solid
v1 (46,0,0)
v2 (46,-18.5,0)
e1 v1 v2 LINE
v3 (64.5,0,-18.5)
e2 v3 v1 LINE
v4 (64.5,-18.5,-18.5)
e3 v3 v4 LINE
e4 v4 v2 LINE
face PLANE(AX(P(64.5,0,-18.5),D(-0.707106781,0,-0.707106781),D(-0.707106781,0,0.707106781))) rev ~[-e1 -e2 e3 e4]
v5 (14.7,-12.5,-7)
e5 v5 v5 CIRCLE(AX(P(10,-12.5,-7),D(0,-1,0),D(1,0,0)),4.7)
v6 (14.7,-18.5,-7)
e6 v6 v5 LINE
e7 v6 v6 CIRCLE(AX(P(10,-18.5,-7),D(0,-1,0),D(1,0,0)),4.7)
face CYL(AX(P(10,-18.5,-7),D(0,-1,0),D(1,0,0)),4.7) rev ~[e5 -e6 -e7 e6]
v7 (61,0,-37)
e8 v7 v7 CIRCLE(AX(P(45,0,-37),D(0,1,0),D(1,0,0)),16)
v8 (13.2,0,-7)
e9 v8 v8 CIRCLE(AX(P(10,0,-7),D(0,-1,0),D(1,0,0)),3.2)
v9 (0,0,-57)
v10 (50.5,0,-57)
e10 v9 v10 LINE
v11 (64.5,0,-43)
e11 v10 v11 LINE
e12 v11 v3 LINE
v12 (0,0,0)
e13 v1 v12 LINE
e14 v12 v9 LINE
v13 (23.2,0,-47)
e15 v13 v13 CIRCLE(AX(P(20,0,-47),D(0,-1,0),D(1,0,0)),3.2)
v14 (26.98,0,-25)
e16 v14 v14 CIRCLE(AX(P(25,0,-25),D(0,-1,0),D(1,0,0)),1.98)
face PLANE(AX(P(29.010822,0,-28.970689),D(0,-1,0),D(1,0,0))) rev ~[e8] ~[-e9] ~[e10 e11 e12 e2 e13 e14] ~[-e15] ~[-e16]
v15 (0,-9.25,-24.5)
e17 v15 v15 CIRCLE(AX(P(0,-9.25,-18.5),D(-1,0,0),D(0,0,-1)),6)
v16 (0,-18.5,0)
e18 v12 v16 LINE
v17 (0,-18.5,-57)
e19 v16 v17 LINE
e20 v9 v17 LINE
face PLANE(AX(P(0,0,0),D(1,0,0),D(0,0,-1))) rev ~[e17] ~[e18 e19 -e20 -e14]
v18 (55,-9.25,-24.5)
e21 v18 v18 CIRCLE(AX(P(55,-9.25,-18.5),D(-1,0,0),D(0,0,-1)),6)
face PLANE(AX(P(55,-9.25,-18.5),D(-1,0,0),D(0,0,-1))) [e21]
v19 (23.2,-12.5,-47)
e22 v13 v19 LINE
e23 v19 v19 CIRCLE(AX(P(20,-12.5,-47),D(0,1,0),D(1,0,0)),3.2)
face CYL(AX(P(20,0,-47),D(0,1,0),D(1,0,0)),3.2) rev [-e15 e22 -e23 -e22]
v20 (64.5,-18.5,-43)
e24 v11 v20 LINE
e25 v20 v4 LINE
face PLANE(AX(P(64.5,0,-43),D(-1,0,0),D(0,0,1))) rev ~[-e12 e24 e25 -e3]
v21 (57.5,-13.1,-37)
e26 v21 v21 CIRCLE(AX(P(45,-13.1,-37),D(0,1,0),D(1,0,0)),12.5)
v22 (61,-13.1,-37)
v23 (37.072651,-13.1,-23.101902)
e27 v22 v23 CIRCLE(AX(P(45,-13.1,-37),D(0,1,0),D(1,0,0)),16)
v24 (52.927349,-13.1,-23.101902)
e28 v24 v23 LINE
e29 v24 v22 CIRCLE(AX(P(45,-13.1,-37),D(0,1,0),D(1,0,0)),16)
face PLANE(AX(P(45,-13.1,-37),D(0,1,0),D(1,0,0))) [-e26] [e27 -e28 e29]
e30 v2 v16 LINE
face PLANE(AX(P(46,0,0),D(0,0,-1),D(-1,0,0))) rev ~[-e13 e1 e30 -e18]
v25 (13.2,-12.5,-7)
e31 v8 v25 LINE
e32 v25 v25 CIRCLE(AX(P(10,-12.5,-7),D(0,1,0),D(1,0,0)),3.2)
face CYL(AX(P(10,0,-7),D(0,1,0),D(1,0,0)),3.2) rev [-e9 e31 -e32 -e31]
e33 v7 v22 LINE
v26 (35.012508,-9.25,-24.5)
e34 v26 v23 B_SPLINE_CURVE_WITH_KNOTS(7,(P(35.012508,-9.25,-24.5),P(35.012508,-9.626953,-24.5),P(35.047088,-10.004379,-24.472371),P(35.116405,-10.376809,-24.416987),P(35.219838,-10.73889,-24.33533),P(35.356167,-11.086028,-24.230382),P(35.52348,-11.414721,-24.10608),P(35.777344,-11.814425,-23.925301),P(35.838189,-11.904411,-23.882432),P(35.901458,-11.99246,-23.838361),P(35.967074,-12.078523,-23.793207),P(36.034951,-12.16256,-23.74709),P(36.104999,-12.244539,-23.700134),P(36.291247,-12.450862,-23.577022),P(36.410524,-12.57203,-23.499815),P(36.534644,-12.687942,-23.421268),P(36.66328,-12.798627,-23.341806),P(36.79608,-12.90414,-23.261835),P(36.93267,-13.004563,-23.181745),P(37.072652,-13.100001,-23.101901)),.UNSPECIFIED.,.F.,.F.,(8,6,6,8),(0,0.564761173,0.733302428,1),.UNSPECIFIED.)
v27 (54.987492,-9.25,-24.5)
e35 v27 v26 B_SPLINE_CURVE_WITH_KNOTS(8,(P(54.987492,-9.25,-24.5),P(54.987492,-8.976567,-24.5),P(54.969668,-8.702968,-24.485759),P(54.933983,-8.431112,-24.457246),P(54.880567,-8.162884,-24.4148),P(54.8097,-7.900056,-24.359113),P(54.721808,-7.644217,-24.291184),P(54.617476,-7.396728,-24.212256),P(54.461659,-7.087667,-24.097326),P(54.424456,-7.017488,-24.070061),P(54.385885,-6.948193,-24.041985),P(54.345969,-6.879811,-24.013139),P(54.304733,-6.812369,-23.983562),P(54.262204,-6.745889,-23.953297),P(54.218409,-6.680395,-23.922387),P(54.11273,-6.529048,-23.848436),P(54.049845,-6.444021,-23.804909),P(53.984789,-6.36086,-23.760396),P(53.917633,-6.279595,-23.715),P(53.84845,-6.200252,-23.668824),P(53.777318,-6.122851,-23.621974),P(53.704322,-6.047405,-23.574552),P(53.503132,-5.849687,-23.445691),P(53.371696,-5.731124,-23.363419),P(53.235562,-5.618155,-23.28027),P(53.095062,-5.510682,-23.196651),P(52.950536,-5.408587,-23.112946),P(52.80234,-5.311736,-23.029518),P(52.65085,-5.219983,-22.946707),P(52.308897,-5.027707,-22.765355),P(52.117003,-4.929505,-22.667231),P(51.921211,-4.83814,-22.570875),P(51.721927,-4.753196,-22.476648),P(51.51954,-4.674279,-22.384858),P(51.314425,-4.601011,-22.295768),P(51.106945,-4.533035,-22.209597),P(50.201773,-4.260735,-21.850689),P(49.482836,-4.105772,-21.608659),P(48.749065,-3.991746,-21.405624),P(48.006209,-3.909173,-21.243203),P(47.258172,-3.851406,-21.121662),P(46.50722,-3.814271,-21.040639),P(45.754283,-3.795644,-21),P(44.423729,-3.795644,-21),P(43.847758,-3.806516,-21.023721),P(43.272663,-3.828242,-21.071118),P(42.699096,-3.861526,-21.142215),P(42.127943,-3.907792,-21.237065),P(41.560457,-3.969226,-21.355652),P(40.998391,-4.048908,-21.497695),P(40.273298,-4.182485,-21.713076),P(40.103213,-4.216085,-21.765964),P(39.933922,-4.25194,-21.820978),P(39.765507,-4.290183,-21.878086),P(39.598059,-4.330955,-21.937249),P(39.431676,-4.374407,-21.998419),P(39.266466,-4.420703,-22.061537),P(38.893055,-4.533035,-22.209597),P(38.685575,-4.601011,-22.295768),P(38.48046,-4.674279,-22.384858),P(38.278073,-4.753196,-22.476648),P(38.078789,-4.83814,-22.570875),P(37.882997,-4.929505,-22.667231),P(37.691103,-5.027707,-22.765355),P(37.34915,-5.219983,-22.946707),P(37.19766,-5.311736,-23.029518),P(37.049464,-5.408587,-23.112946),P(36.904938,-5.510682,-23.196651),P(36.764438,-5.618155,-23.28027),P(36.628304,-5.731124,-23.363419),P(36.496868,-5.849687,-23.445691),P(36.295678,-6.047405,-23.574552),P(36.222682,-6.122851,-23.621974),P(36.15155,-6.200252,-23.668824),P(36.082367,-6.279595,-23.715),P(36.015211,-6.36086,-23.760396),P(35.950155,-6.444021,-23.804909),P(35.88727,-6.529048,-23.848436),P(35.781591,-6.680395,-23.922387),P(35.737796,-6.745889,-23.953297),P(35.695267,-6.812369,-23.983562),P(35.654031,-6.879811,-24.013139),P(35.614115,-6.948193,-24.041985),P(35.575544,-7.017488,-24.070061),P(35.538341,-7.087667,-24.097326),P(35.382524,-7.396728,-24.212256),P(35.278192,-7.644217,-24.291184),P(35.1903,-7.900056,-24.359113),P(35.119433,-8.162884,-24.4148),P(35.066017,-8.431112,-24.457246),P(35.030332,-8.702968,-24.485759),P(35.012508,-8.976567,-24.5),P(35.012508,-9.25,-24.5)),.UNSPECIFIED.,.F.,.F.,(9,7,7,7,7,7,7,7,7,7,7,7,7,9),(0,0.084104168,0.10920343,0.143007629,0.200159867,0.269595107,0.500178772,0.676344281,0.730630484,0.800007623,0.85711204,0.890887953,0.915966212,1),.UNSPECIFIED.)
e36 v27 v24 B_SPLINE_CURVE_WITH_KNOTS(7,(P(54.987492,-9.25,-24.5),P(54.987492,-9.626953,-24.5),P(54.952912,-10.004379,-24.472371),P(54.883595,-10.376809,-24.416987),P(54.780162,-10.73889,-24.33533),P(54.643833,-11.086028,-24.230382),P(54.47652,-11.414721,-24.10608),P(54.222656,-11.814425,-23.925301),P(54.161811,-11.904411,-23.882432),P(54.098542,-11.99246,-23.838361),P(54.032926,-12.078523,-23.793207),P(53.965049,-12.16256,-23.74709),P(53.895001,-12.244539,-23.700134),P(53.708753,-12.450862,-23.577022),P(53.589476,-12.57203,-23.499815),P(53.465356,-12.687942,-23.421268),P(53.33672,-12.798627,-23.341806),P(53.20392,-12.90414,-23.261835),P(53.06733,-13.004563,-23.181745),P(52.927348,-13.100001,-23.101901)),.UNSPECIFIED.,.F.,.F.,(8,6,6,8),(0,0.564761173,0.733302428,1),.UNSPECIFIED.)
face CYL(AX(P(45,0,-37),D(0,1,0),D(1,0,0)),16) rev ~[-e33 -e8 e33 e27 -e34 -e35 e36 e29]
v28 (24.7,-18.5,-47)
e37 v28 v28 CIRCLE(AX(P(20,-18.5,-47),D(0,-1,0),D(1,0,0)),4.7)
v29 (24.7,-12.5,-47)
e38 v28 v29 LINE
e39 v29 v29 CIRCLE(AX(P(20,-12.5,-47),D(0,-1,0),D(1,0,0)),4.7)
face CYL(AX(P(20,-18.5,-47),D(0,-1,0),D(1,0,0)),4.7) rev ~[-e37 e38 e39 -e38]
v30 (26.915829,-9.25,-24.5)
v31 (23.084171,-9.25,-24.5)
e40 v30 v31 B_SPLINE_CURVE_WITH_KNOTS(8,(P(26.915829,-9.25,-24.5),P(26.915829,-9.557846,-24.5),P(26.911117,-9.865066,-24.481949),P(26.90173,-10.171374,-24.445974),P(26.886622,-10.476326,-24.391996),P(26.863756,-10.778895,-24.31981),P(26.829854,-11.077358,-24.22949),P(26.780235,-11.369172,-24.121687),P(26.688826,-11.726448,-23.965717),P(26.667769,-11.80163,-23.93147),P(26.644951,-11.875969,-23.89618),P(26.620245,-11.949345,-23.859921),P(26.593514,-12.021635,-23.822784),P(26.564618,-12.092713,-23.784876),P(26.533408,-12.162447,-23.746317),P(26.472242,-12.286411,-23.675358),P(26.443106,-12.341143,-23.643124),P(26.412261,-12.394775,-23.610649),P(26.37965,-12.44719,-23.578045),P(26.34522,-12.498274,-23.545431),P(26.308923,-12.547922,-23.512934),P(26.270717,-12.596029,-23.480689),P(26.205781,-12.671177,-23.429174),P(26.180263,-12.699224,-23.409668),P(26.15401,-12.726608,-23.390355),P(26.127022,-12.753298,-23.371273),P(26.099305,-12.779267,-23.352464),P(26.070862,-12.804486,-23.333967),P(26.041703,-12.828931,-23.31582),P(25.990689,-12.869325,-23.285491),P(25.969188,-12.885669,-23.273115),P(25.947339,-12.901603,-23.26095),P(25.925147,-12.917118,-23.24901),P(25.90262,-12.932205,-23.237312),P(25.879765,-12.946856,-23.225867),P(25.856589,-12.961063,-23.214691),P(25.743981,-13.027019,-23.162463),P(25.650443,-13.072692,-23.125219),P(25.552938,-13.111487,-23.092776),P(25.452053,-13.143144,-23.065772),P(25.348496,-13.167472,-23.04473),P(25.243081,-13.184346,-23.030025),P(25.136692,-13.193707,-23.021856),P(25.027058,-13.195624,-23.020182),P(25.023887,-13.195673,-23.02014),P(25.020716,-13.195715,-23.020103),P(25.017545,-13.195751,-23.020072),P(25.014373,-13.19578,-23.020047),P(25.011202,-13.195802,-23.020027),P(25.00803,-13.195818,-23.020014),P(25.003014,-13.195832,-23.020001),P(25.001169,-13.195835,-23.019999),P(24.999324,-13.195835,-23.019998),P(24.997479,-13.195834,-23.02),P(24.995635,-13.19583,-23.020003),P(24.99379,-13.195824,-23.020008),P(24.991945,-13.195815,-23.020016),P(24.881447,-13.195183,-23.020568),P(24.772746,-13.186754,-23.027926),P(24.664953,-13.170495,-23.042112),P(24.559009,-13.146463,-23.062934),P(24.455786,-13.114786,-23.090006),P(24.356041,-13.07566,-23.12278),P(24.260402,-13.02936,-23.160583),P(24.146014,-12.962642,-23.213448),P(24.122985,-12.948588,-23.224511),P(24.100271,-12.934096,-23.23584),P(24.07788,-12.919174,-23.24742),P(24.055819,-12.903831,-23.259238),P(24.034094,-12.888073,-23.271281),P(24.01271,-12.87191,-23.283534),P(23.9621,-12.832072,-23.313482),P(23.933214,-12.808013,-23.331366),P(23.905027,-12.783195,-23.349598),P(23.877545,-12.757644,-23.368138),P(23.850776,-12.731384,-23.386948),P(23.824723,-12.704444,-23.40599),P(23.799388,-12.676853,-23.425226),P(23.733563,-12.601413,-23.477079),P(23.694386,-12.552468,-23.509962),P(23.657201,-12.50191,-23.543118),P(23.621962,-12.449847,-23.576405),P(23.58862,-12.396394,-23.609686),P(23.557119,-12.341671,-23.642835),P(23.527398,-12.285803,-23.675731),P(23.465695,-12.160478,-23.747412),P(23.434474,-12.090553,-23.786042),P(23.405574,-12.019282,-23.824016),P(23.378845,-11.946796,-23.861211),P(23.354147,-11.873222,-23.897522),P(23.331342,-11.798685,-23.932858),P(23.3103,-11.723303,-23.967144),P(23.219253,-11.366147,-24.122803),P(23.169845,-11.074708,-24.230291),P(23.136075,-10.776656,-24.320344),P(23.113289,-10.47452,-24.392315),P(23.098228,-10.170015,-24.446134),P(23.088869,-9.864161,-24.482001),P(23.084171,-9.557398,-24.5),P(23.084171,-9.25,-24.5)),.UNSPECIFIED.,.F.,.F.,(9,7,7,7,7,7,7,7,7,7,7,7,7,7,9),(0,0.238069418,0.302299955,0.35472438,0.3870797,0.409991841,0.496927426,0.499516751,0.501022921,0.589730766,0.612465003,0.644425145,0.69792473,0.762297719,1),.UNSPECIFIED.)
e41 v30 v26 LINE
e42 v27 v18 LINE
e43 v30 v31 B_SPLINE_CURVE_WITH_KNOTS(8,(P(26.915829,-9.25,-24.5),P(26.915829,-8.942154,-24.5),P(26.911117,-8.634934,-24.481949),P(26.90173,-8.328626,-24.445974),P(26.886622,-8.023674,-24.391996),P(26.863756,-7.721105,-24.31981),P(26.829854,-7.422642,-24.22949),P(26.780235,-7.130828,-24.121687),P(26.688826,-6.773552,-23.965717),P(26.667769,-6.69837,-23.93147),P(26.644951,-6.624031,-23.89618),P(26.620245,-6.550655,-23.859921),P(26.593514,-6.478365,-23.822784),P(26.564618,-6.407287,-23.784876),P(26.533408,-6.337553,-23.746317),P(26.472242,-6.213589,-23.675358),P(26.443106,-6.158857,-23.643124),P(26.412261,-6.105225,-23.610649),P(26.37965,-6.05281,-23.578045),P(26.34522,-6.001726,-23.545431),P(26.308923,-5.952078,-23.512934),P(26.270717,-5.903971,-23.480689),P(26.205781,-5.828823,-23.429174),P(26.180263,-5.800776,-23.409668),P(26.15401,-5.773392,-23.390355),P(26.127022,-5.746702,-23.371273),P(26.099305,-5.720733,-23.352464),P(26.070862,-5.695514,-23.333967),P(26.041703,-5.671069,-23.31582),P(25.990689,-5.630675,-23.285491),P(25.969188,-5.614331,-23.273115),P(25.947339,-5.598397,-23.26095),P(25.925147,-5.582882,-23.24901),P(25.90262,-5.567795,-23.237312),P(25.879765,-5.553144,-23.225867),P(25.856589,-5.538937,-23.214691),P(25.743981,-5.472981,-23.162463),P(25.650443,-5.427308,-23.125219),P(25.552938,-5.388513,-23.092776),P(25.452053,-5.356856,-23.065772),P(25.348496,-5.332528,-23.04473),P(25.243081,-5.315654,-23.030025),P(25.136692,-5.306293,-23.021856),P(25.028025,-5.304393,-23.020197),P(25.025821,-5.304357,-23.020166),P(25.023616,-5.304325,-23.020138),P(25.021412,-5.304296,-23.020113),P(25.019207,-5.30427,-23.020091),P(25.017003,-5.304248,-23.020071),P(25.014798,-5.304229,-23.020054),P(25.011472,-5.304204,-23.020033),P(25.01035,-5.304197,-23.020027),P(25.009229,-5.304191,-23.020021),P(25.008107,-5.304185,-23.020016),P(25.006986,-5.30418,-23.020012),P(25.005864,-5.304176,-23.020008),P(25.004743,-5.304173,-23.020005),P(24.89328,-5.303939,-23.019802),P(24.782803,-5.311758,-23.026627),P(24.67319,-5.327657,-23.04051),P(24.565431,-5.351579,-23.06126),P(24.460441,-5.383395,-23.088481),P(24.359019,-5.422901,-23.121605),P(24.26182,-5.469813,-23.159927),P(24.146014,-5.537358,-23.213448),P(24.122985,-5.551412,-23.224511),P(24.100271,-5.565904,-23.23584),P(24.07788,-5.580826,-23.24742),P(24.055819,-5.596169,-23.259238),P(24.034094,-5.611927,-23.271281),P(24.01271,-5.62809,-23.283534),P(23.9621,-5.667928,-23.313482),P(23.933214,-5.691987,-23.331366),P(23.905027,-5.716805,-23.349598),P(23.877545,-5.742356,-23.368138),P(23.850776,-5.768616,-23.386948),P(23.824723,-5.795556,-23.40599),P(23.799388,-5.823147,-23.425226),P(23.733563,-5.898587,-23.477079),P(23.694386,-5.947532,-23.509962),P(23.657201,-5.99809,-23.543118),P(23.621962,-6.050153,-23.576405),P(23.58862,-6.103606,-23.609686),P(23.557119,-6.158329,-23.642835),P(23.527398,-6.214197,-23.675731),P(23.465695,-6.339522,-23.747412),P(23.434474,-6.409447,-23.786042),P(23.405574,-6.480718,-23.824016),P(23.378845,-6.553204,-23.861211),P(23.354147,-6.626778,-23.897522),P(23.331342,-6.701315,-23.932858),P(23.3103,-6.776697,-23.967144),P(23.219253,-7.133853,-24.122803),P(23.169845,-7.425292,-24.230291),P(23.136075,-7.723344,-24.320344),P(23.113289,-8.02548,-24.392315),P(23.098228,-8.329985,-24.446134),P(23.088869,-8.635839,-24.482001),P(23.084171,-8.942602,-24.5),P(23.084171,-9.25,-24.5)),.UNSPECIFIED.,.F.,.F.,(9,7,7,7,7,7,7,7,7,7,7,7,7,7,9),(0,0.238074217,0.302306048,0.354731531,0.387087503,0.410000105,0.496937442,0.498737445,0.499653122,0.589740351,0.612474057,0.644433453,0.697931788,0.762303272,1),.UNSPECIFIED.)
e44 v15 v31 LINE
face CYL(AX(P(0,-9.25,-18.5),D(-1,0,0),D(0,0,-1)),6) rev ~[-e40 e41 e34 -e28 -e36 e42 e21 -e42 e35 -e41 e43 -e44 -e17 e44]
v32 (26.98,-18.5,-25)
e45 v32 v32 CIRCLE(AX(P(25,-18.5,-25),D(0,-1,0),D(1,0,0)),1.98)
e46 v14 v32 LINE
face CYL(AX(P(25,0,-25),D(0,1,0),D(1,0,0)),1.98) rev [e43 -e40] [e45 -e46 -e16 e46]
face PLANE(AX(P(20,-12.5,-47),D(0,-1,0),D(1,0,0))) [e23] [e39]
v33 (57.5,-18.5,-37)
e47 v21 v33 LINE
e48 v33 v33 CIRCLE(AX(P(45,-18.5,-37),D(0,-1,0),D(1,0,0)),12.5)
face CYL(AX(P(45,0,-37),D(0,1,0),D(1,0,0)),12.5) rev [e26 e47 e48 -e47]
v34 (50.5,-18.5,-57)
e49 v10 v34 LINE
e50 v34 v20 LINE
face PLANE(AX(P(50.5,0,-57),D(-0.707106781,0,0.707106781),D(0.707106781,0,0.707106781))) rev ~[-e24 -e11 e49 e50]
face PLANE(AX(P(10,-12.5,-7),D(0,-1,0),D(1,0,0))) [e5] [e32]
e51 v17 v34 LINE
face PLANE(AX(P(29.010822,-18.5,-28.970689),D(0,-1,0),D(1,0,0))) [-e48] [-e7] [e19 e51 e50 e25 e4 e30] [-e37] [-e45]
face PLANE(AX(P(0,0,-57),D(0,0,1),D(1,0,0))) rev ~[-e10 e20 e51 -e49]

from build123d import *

# Parameters (mm, degrees)
SKETCH_R        = 3.2
SKETCH_R_2      = 1.98
SKETCH_R_3      = 12.5
PAD_DEPTH       = 18.5
SKETCH001_R     = 4.7
POCKET_DEPTH    = 6
SKETCH002_R     = 16
POCKET001_DEPTH = 13.1
SKETCH003_R     = 6
POCKET002_DEPTH = 55


with BuildPart() as part:
    # Sketch → Pad (new body)
    with BuildSketch(Plane.XZ):
        Polygon((0, 0), (0, -57), (50.5, -57), (64.5, -43), (64.5, -18.5), (46, 0), align=None)
        with Locations((10, -7)):
            Circle(SKETCH_R, mode=Mode.SUBTRACT)
        with Locations((20, -47)):
            Circle(SKETCH_R, mode=Mode.SUBTRACT)
        with Locations((25, -25)):
            Circle(SKETCH_R_2, mode=Mode.SUBTRACT)
        with Locations((45, -37)):
            Circle(SKETCH_R_3, mode=Mode.SUBTRACT)
    extrude(amount=PAD_DEPTH)

    # Sketch001 → Pocket (cut)
    with BuildSketch(Plane.XZ.offset(18.5)):
        with Locations((10, -7)):
            Circle(SKETCH001_R)
        with Locations((20, -47)):
            Circle(SKETCH001_R)
    extrude(amount=-POCKET_DEPTH, mode=Mode.SUBTRACT)

    # Sketch002 → Pocket001 (cut)
    with BuildSketch(Plane(origin=(0, 0, 0), x_dir=(1, 0, 0), z_dir=(0, 1, 0))):
        with Locations((45, 37)):
            Circle(SKETCH002_R)
    extrude(amount=-POCKET001_DEPTH, mode=Mode.SUBTRACT)

    # Sketch003 → Pocket002 (cut)
    with BuildSketch(Plane(origin=(0, 0, 0), x_dir=(0, 0, -1), z_dir=(-1, 0, 0))):
        with Locations((18.5, 9.25)):
            Circle(SKETCH003_R)
    extrude(amount=-POCKET002_DEPTH, mode=Mode.SUBTRACT)


solid = part.part
